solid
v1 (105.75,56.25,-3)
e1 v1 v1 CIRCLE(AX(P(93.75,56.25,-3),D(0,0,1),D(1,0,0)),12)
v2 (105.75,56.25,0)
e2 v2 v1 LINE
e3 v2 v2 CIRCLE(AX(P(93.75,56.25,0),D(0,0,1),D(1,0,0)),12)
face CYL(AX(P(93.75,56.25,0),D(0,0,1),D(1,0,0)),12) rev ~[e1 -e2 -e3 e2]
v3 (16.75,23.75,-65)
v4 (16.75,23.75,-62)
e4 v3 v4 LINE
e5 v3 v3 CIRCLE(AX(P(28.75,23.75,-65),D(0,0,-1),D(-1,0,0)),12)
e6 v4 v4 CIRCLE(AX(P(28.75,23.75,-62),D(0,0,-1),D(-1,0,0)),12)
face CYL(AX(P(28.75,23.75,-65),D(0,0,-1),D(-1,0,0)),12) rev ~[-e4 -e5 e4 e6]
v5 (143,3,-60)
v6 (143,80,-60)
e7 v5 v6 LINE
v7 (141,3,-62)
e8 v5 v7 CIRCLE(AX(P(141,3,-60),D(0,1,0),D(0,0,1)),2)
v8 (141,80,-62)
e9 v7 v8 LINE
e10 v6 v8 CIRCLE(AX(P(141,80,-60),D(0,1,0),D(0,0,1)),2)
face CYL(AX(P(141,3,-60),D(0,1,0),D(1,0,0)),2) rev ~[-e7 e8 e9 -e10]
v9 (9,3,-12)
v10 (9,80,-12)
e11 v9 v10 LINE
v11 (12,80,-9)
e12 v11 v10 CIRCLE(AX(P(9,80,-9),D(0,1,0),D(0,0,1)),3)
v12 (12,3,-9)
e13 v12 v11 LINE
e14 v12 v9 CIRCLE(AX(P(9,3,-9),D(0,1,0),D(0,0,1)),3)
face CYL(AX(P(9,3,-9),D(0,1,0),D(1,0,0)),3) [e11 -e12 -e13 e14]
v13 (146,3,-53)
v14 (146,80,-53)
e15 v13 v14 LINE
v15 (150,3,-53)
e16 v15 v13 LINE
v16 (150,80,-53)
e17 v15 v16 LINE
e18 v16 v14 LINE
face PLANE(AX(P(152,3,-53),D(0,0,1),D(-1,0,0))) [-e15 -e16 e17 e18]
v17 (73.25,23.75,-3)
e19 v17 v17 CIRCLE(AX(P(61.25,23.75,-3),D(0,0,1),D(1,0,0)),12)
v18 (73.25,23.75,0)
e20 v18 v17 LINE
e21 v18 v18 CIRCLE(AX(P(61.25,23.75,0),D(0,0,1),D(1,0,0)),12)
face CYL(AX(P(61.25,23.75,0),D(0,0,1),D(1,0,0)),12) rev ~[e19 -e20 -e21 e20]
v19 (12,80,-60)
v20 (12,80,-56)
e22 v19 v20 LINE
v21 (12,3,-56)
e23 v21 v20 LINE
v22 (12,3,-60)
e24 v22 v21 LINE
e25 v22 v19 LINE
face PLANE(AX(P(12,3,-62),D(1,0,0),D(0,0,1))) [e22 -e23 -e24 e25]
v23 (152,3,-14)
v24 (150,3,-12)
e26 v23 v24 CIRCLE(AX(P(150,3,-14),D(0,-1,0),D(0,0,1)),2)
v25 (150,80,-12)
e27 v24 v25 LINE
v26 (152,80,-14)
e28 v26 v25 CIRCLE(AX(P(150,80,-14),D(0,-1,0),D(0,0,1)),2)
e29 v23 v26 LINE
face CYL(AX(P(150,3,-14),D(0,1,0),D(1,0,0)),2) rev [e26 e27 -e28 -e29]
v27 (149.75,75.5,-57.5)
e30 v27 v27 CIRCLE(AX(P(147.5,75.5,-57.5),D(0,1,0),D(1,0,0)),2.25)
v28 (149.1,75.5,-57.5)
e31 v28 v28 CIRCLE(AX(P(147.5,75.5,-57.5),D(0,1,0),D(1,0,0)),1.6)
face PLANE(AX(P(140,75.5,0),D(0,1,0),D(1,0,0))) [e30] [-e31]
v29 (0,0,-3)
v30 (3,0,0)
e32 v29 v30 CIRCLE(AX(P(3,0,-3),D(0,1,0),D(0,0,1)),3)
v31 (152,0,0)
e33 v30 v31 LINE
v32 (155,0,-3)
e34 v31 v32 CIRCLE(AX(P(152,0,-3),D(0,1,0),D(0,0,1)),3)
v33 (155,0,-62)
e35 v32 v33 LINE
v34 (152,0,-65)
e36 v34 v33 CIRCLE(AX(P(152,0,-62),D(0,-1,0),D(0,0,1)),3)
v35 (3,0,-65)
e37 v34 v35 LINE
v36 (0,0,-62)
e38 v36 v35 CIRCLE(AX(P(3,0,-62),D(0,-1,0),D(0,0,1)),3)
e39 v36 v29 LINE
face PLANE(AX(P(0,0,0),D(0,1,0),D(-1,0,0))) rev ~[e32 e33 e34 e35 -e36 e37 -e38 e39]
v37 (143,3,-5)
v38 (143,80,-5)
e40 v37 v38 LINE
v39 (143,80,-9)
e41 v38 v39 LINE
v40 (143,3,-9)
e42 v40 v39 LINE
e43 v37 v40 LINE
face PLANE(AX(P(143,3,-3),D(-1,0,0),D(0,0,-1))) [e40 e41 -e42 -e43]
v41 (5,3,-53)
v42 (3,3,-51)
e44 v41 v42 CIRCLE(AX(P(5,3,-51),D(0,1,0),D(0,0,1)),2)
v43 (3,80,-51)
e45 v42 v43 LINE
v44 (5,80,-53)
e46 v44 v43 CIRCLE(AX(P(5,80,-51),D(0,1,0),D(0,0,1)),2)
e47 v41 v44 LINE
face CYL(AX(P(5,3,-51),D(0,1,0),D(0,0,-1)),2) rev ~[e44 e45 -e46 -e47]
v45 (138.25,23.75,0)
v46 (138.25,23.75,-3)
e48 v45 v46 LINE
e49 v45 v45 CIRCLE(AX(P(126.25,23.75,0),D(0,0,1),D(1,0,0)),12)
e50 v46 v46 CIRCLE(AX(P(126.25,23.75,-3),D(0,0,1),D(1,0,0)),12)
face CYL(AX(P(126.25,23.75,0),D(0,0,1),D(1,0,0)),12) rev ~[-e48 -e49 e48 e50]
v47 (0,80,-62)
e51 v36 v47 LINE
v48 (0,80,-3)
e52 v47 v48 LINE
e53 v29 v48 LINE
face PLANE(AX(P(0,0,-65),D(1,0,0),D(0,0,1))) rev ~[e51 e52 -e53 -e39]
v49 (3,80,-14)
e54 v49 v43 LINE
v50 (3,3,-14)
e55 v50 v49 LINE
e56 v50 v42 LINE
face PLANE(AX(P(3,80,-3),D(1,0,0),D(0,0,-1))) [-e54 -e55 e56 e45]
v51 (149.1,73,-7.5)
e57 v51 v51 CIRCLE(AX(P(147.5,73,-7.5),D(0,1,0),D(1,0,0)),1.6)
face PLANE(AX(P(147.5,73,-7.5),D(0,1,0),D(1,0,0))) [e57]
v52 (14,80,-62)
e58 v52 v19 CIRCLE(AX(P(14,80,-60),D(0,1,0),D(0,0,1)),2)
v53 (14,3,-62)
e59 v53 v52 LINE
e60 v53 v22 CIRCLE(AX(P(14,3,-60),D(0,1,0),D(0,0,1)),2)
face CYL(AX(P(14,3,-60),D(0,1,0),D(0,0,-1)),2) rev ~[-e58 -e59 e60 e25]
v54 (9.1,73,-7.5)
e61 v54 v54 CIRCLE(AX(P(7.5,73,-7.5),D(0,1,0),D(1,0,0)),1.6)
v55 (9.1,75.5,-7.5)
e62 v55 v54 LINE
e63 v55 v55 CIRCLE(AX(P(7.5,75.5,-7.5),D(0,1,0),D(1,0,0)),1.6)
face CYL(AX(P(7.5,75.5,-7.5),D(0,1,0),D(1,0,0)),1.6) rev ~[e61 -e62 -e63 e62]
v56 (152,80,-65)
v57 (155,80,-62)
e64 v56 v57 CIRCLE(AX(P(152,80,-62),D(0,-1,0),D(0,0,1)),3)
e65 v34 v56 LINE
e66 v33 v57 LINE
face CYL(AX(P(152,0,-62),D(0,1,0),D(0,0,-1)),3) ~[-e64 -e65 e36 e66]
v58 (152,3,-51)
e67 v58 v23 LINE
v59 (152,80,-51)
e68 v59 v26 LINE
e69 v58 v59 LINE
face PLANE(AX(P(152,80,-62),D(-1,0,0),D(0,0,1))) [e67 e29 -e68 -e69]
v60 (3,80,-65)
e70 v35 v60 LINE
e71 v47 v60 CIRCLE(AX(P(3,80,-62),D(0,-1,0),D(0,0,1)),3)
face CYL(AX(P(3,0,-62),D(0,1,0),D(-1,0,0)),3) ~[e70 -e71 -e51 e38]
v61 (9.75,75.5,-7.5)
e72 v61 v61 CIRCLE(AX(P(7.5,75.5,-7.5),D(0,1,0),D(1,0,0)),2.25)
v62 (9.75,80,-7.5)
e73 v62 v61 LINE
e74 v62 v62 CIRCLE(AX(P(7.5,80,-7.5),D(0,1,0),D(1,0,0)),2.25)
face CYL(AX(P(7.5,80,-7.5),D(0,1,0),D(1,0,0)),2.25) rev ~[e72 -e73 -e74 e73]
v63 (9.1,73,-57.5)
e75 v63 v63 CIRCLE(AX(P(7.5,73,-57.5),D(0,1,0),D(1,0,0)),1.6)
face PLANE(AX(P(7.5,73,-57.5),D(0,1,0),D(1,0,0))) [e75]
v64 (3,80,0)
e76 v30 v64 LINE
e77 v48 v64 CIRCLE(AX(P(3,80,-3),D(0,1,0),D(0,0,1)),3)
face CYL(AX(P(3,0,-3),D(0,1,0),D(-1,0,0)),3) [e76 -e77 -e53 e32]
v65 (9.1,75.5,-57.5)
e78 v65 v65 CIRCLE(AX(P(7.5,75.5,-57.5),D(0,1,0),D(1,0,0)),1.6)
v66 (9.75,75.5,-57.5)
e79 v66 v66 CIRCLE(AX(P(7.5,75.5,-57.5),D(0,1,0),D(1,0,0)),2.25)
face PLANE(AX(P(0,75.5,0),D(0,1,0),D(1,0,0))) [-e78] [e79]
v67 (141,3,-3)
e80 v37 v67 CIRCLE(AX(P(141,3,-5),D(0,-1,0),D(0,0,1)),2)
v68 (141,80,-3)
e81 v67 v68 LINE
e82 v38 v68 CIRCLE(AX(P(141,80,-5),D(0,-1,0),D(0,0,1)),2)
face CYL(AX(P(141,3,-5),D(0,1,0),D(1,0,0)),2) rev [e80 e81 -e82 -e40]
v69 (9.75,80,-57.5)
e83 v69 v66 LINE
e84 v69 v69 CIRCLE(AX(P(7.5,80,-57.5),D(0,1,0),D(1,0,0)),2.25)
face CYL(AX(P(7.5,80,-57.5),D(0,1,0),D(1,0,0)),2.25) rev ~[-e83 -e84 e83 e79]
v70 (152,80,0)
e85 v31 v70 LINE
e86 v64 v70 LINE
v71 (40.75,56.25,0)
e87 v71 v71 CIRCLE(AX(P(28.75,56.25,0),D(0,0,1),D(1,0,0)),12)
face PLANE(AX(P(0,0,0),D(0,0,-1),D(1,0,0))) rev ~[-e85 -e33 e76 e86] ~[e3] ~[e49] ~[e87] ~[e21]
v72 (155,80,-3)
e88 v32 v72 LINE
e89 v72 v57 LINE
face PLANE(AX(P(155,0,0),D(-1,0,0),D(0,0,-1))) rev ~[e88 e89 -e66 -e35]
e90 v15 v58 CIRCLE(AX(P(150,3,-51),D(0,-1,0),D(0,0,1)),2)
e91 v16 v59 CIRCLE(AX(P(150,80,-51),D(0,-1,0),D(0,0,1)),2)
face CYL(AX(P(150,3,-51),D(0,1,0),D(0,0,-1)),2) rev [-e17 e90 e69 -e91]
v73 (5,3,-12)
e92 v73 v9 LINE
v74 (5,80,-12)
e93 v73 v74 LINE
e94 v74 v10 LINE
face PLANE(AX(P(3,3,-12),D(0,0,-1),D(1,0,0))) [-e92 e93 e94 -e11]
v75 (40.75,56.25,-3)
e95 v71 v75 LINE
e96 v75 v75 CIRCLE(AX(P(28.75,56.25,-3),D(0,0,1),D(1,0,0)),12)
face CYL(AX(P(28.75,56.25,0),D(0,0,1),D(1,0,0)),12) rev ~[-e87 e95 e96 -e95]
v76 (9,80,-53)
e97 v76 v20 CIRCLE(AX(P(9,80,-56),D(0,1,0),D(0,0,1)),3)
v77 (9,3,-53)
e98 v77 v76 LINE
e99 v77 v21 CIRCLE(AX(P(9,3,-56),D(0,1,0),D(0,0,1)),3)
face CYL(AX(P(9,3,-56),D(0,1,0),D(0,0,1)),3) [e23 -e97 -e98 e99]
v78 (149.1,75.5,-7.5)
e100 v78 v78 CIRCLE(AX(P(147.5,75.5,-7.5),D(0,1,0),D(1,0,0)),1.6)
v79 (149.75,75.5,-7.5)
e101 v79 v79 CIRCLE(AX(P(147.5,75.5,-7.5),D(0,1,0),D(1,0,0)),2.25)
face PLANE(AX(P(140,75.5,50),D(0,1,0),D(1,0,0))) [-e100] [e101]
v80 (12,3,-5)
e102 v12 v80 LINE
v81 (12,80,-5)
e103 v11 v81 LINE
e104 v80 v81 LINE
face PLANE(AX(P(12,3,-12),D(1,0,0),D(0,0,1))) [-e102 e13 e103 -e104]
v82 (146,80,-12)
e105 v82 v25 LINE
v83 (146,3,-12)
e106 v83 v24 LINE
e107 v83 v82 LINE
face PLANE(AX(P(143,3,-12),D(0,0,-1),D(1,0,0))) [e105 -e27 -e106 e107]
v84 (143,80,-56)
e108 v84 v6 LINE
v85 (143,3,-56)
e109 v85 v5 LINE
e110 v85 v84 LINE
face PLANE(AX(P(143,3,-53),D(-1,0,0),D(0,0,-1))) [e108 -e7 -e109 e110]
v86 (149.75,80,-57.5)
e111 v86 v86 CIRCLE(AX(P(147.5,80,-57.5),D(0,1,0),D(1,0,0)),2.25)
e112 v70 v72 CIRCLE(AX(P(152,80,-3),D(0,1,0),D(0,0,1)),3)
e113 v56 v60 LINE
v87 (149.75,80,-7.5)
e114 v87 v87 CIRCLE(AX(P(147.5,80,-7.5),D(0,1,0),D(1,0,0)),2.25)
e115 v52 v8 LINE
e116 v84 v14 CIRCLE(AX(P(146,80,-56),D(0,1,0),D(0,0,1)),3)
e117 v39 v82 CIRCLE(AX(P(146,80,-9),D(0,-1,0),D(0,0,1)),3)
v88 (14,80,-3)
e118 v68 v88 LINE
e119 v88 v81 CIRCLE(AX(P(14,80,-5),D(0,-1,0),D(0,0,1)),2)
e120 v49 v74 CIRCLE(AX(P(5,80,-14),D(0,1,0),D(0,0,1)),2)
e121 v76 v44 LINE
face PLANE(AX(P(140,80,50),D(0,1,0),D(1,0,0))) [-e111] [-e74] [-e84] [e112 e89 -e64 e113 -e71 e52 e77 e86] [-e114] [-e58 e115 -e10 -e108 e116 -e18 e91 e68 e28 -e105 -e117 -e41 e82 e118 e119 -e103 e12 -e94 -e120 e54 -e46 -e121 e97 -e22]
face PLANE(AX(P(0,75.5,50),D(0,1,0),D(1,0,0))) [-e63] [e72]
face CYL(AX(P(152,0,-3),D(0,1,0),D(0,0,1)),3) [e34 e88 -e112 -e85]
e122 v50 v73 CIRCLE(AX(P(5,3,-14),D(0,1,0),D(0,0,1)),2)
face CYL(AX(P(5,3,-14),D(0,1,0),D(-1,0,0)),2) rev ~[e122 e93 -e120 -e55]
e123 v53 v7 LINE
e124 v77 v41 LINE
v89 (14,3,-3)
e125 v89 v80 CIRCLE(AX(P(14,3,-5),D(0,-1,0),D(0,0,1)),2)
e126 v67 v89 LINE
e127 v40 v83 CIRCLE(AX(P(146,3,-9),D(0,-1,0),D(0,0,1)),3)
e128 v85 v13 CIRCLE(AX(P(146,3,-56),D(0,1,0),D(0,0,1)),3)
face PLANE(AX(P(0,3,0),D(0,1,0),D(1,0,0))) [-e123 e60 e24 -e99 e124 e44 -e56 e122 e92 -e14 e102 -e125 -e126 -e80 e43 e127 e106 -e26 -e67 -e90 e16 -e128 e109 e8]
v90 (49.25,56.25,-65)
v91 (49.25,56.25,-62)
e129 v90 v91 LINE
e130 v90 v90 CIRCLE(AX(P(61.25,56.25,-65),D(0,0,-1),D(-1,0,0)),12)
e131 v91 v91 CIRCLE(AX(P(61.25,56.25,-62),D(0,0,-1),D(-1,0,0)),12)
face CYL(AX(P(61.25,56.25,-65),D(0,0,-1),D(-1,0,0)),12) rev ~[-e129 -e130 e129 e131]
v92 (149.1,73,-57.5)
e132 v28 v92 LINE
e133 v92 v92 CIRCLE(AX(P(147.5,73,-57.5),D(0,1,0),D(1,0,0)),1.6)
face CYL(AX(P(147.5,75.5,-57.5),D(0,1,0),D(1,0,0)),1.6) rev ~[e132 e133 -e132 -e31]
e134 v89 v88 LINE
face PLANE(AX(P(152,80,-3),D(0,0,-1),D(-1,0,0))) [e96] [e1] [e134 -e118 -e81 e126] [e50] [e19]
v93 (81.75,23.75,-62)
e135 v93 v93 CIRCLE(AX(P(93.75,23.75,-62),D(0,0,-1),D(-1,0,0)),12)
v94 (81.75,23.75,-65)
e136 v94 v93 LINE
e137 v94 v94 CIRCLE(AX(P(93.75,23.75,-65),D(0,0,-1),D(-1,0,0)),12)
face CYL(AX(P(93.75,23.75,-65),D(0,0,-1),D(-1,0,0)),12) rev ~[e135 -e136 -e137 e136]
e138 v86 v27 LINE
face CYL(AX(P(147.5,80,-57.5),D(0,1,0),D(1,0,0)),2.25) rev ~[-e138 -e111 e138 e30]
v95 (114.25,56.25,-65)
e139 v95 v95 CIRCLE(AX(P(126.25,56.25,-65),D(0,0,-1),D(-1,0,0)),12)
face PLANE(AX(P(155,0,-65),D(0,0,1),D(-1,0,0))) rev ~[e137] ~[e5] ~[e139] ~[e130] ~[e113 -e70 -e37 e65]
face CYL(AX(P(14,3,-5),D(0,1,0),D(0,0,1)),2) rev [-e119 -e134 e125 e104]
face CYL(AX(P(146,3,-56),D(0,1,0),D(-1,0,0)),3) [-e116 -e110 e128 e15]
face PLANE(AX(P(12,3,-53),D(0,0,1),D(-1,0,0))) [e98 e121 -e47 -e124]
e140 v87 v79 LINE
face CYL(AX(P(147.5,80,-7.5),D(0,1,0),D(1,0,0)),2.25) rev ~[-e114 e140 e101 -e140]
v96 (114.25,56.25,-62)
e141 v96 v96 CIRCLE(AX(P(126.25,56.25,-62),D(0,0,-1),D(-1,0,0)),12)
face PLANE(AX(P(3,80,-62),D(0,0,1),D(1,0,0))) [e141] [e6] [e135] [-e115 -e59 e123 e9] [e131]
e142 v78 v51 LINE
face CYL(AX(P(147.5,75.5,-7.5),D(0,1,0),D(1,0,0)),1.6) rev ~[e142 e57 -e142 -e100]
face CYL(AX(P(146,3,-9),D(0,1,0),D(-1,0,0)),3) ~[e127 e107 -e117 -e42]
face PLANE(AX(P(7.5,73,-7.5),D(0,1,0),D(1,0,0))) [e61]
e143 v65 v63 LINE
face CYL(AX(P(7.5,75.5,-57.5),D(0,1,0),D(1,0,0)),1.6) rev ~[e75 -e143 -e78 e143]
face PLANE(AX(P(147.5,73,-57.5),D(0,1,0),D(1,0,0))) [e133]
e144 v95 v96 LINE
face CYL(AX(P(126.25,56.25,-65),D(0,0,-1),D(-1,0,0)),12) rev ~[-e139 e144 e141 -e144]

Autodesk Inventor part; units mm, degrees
ref_plane "YZ Plane" through (0, 0, 0) normal (1, 0, 0) x (0, 1, 0)
ref_plane "XZ Plane" through (0, 0, 0) normal (0, 1, 0) x (-1, 0, 0)
ref_plane "XY Plane" through (0, 0, 0) normal (0, 0, 1) x (1, 0, 0)
sketch "Sketch1" plane through (0, 0, 0) normal (0, 1, 0) x (-1, 0, 0)
  line L0 (0, 0) -> (-155, 0)
  line L1 (-155, 0) -> (-155, -65)
  line L2 (-155, -65) -> (0, -65)
  line L3 (0, -65) -> (0, 0)
  dimension "d0" = 155
  dimension "d1" = 65
extrude "Extrusion1" add sketch "Sketch1" along normal blind 80
sketch "Sketch2" plane through (0, 80, 0) normal (0, 1, 0) x (1, 0, 0)
  line L0 (155, 0) -> (155, 65) projected
  line L1 (155, 65) -> (0, 65) projected
  line L2 (0, 65) -> (0, 0) projected
  line L3 (0, 0) -> (155, 0) projected
  line L4 (3, 62) -> (152, 62)
  line L5 (152, 62) -> (152, 3)
  line L6 (152, 3) -> (3, 3)
  line L7 (3, 3) -> (3, 62)
  dimension "d4" = 3
extrude "Extrusion2" cut sketch "Sketch2" against normal blind 77 contours L4 L5 L6 L7
sketch "Sketch3" plane through (0, 0, 0) normal (0, 0, 1) x (1, 0, 0)
  circle A0 centre (28.75, 56.25) radius 12
  circle A1 centre (61.25, 23.75) radius 12
  circle A2 centre (93.75, 56.25) radius 12
  circle A3 centre (126.25, 23.75) radius 12
  point P0 (0, 0)
  dimension "d7" = 24
  dimension "d8" = 24
  dimension "d9" = 24
  dimension "d10" = 24
extrude "Extrusion3" cut sketch "Sketch3" against normal blind 3
sketch "Sketch4" plane through (155, 0, -65) normal (0, 0, -1) x (-1, 0, 0)
  circle A0 centre (28.75, 56.25) radius 12
  circle A1 centre (61.25, 23.75) radius 12
  circle A2 centre (93.75, 56.25) radius 12
  circle A3 centre (126.25, 23.75) radius 12
  point P0 (155, 0)
  dimension "d13" = 24
  dimension "d14" = 24
  dimension "d15" = 24
  dimension "d16" = 24
extrude "Extrusion4" cut sketch "Sketch4" against normal blind 3
sketch "Sketch5" plane through (0, 3, 0) normal (0, 1, 0) x (1, 0, 0)
  line L0 (152, 3) -> (3, 3) projected
  line L1 (152, 62) -> (152, 3) projected
  line L2 (3, 62) -> (152, 62) projected
  line L3 (3, 3) -> (3, 62) projected
  line L4 (3, 62) -> (12, 62)
  line L5 (12, 62) -> (12, 53)
  line L6 (12, 53) -> (3, 53)
  line L7 (3, 53) -> (3, 62)
  point P0 (0, 0)
  point P1 (3, 57.5)
  point P2 (3, 53)
  dimension "d19" = 9
  dimension "d20" = 9
  dimension "d21" = 0
  dimension "d22" = 0
extrude "Extrusion5" add sketch "Sketch5" along normal blind 77 contours L3 L2 L5 L6
fillet "Fillet1" radius 3 4 edges at (0, 40, 0) (0, 40, -65) (155, 40, -65) (155, 40, 0)
sketch "Sketch8" plane through (0, 80, 0) normal (0, 1, 0) x (1, 0, 0)
  circle A0 centre (7.5, 57.5) radius 2.25
  arc A1 (152, 0) -> (155, 3) centre (152, 3) ccw projected
  line L0 (155, 3) -> (155, 62) projected
  arc A2 (155, 62) -> (152, 65) centre (152, 62) ccw projected
  line L1 (152, 65) -> (3, 65) projected
  arc A3 (3, 65) -> (0, 62) centre (3, 62) ccw projected
  line L2 (0, 62) -> (0, 3) projected
  arc A4 (0, 3) -> (3, 0) centre (3, 3) ccw projected
  line L3 (3, 0) -> (152, 0) projected
  line L4 (3, 3) -> (3, 53) projected
  line L5 (3, 53) -> (12, 53) projected
  line L6 (12, 53) -> (12, 62) projected
  line L7 (12, 62) -> (152, 62) projected
  line L8 (152, 62) -> (152, 3) projected
  line L9 (152, 3) -> (3, 3) projected
  point P0 (0, 0)
  dimension "d45" = 4.5
  dimension "d46" = 4.5
  dimension "d47" = 4.5
extrude "Extrusion8" cut sketch "Sketch8" against normal blind 4.5 contours A0
sketch "Sketch9" plane through (7.5, 75.5, -57.5) normal (0, 1, 0) x (1, 0, 0)
  circle A0 centre (0, 0) radius 2.25 projected
  circle A1 centre (0, 0) radius 1.6
  point P0 (-7.5, -57.5)
  dimension "d50" = 3.2
extrude "Extrusion9" cut sketch "Sketch9" against normal blind 2.5 contours A1
pattern_linear "Rectangular Pattern2" count 2 spacing 140 along (1, 0, 0) count 2 spacing -50 along (0, 0, -1) of "Extrusion5", "Extrusion8", "Extrusion9"
fillet "Fillet4" radius 3 4 edges at (12, 41.5, -53) (12, 41.5, -12) (143, 41.5, -53) (143, 41.5, -12)
fillet "Fillet5" radius 2 8 edges at (3, 41.5, -53) (12, 41.5, -62) (3, 41.5, -12) (12, 41.5, -3) (152, 41.5, -53) (143, 41.5, -62) (152, 41.5, -12) (143, 41.5, -3)
properties part number "arcade_box_iteration3"
